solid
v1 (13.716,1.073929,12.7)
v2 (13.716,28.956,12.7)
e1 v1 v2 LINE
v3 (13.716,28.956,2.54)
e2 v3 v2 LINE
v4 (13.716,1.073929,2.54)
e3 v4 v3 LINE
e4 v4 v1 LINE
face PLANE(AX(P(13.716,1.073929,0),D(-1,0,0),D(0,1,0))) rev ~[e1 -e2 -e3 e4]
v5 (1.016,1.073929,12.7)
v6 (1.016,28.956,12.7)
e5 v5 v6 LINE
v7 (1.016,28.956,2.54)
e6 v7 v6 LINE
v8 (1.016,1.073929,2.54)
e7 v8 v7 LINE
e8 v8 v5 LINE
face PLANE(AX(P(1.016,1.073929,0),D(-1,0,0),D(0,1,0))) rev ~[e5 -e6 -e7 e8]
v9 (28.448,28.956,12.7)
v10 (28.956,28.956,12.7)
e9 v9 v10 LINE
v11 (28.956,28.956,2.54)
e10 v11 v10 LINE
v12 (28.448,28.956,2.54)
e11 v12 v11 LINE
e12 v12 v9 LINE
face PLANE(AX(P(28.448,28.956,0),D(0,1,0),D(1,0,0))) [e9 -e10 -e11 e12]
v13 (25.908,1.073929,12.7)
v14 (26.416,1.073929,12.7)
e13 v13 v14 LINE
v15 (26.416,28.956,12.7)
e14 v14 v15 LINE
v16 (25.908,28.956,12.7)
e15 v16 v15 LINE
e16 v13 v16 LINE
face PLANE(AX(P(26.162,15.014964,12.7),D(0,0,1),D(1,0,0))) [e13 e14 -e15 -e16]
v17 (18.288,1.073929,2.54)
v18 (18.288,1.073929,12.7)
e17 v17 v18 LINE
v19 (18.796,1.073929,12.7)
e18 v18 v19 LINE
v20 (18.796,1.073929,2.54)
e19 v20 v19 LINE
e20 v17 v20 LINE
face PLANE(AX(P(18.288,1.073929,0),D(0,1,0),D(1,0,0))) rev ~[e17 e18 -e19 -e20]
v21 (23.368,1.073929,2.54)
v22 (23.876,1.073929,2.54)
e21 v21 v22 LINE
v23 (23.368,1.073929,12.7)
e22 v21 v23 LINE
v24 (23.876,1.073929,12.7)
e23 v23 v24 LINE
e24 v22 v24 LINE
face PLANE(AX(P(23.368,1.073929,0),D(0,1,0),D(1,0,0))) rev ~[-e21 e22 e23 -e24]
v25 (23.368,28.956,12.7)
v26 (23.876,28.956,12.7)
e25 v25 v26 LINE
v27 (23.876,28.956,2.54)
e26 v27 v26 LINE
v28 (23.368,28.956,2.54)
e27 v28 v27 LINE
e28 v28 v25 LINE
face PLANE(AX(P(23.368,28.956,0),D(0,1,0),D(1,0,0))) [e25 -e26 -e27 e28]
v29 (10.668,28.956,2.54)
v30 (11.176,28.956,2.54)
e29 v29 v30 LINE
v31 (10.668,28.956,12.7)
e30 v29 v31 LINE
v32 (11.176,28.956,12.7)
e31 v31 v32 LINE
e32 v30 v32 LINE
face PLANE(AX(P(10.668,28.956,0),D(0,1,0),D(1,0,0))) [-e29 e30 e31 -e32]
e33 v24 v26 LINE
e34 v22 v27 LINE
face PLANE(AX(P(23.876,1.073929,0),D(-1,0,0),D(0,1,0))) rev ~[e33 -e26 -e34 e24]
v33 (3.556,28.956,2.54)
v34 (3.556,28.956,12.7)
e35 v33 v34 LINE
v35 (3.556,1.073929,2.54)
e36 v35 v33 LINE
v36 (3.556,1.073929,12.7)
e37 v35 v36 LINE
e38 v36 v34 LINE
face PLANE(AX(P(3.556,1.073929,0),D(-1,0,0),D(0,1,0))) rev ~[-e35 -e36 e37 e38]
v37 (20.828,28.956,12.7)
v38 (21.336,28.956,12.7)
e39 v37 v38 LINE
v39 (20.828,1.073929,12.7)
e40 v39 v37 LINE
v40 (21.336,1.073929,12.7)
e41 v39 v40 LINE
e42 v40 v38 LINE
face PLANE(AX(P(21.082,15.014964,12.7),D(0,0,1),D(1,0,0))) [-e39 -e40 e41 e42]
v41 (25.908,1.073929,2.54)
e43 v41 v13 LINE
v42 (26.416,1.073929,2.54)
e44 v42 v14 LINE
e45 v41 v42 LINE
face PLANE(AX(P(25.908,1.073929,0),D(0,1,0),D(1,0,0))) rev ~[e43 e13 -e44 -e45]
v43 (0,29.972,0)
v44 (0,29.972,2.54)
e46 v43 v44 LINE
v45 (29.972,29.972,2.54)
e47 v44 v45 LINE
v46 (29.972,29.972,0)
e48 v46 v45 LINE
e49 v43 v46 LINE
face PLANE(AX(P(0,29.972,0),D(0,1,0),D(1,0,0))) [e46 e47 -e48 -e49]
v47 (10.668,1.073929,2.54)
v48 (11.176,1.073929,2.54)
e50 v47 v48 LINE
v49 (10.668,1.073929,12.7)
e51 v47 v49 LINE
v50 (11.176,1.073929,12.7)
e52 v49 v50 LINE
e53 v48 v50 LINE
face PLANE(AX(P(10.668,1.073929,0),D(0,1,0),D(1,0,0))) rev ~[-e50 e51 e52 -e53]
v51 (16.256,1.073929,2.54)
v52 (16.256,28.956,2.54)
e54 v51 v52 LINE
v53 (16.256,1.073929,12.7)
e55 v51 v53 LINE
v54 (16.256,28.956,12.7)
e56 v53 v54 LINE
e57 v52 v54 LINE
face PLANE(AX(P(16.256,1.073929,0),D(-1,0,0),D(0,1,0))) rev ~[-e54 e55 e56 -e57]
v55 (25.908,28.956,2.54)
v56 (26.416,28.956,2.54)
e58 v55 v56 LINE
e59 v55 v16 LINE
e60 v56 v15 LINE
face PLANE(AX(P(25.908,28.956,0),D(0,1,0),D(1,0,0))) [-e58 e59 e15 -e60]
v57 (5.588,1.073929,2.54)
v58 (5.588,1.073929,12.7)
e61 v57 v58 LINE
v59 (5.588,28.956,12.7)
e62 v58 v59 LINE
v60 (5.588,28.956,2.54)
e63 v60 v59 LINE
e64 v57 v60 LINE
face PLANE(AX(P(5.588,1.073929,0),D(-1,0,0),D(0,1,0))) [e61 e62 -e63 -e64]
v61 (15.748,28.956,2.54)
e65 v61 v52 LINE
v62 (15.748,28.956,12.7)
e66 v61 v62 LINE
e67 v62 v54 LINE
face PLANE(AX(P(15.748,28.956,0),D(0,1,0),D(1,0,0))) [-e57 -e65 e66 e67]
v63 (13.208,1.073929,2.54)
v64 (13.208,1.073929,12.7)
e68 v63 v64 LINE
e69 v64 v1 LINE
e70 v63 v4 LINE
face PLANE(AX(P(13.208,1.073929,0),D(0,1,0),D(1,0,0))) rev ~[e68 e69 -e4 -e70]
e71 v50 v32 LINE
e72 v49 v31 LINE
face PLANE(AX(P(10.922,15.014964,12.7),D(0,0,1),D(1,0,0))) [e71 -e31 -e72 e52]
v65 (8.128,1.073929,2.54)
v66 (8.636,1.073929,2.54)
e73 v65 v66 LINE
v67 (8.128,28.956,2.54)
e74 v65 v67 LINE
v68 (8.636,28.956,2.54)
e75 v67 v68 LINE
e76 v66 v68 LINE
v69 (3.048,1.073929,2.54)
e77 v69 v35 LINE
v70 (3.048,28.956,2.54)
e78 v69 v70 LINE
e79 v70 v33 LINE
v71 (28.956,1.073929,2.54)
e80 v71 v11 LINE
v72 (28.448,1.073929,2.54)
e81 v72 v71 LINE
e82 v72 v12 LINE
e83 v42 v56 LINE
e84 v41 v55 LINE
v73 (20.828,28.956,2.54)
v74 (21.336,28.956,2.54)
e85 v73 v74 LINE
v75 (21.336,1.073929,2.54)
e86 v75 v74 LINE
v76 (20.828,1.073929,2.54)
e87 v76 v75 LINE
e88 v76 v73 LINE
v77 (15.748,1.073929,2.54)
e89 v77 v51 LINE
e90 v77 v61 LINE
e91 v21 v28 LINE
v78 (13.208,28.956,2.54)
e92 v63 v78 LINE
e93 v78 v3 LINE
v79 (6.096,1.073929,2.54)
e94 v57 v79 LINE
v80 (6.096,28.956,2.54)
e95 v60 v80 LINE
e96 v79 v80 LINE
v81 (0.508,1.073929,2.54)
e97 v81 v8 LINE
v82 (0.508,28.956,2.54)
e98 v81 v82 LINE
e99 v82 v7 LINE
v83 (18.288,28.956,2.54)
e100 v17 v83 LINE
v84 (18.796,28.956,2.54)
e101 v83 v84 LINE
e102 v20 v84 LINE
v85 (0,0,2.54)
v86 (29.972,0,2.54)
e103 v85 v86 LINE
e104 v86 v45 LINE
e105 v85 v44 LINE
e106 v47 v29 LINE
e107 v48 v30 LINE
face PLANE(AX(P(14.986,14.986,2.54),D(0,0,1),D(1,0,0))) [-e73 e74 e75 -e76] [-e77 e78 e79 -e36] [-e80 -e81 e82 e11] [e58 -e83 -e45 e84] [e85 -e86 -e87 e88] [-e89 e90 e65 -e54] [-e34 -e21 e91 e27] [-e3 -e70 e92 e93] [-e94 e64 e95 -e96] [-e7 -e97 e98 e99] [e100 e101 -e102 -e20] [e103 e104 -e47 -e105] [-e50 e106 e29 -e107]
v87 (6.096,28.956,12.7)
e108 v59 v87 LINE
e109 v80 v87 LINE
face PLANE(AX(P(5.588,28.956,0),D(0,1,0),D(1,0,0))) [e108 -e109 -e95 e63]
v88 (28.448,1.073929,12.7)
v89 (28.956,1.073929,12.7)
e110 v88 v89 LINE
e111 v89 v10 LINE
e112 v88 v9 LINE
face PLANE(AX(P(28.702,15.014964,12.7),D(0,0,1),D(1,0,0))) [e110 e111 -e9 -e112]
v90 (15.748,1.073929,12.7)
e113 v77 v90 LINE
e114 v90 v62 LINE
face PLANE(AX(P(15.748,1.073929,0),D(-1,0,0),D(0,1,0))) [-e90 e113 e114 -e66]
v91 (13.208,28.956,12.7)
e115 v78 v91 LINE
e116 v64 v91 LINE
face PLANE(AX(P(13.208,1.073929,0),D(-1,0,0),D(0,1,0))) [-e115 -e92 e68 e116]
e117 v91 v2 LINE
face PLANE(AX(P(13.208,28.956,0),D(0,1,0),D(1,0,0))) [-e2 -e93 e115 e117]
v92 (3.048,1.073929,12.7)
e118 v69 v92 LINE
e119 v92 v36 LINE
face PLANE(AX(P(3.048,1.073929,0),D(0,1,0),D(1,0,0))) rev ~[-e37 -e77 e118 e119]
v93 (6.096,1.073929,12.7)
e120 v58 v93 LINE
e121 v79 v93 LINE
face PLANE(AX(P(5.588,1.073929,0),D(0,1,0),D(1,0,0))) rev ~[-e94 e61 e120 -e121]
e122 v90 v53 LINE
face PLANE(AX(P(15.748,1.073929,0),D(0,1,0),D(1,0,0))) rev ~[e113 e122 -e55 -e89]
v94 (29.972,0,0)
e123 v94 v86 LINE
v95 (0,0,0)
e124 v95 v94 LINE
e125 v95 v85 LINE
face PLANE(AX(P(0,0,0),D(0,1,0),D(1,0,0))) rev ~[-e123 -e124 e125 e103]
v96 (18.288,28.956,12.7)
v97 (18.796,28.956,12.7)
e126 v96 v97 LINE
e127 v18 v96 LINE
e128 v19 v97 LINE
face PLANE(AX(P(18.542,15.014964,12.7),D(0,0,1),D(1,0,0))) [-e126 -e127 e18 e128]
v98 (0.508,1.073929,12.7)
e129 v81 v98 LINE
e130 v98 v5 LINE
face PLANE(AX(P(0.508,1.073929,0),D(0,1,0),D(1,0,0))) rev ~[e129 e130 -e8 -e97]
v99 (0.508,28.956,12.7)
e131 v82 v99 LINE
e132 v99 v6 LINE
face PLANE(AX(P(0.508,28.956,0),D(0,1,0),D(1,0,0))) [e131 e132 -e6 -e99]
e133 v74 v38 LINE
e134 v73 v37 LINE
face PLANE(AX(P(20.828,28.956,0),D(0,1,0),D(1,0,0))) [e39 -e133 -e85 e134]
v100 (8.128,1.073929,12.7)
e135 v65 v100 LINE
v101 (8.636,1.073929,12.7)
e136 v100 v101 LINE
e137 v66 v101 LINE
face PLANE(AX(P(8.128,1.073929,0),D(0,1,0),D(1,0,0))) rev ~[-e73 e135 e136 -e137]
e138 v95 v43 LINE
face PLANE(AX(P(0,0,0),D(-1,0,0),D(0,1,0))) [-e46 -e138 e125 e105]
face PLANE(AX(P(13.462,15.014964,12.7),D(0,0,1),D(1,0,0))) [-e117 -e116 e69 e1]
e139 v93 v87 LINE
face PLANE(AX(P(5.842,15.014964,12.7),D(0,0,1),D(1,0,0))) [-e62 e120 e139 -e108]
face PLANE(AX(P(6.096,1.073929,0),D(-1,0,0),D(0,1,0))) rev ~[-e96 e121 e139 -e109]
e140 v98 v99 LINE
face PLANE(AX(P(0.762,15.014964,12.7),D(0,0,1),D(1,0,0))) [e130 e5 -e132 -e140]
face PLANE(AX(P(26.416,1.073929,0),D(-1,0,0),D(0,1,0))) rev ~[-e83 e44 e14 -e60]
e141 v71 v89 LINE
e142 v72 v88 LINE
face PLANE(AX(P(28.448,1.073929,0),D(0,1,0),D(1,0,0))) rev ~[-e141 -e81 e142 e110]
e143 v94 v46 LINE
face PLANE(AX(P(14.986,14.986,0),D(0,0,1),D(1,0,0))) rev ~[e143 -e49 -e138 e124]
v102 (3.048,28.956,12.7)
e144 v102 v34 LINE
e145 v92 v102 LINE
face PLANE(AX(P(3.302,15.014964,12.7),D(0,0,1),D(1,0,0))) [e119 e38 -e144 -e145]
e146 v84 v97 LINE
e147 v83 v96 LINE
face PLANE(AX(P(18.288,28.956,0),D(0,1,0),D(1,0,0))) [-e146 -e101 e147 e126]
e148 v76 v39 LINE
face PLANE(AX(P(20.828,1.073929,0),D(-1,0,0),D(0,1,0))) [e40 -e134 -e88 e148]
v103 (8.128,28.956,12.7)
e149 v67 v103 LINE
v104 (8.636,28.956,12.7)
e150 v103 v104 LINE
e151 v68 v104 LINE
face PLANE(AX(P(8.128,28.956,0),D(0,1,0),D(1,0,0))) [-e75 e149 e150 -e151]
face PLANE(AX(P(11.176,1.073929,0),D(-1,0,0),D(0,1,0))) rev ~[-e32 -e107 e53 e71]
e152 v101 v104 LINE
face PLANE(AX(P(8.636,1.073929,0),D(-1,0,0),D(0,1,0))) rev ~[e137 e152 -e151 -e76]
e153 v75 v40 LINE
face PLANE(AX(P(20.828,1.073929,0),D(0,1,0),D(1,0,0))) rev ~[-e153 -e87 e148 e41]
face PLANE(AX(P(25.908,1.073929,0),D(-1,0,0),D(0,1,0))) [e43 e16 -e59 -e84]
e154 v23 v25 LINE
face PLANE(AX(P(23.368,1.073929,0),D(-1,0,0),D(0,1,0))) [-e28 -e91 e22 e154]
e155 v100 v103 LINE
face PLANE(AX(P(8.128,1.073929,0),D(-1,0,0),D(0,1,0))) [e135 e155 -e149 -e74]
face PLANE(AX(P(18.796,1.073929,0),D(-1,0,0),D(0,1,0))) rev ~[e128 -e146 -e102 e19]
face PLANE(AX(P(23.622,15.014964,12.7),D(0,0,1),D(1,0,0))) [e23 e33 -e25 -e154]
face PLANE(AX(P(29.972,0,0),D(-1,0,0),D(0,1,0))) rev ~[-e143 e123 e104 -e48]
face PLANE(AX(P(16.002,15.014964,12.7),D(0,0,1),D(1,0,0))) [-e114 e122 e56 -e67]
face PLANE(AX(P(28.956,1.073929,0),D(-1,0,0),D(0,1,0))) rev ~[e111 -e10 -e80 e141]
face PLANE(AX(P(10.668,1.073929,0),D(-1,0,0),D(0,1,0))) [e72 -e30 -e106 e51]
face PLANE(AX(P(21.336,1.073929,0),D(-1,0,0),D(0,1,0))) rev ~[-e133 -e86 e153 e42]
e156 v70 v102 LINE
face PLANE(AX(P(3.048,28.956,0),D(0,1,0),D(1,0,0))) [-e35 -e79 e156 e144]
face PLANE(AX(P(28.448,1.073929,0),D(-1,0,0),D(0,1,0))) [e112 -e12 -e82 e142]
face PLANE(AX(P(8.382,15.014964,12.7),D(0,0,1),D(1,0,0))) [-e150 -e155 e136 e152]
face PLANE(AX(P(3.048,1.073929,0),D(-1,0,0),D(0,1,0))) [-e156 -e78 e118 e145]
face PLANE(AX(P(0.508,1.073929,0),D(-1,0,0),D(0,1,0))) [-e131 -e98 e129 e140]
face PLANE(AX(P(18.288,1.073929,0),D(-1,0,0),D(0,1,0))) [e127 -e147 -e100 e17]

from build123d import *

# Parameters (mm, degrees)
F0_W     = 0.508
F0_H     = 27.8820712173
F1_DEPTH = 12.7
F0_W_2   = 29.972
F0_H_2   = 29.972
F2_DEPTH = 2.54


with BuildPart() as f1:
    # F0 (on Top) → F1 (new body)
    with BuildSketch(Plane.XY):
        with Locations((0.762, 15.0149643914)):
            Rectangle(F0_W, F0_H)
    extrude(amount=F1_DEPTH)



with BuildPart() as f1b:
    # F0 (on Top) → F1, piece 2 (new body)
    with BuildSketch(Plane.XY):
        with Locations((3.302, 15.0149643914)):
            Rectangle(F0_W, F0_H)
    extrude(amount=F1_DEPTH)


with BuildPart() as f1c:
    # F0 (on Top) → F1, piece 3 (new body)
    with BuildSketch(Plane.XY):
        with Locations((5.842, 15.0149643914)):
            Rectangle(F0_W, F0_H)
    extrude(amount=F1_DEPTH)


with BuildPart() as f1d:
    # F0 (on Top) → F1, piece 4 (new body)
    with BuildSketch(Plane.XY):
        with Locations((8.382, 15.0149643914)):
            Rectangle(F0_W, F0_H)
    extrude(amount=F1_DEPTH)


with BuildPart() as f1e:
    # F0 (on Top) → F1, piece 5 (new body)
    with BuildSketch(Plane.XY):
        with Locations((10.922, 15.0149643914)):
            Rectangle(F0_W, F0_H)
    extrude(amount=F1_DEPTH)


with BuildPart() as f1f:
    # F0 (on Top) → F1, piece 6 (new body)
    with BuildSketch(Plane.XY):
        with Locations((13.462, 15.0149643914)):
            Rectangle(F0_W, F0_H)
    extrude(amount=F1_DEPTH)


with BuildPart() as f1g:
    # F0 (on Top) → F1, piece 7 (new body)
    with BuildSketch(Plane.XY):
        with Locations((16.002, 15.0149643914)):
            Rectangle(F0_W, F0_H)
    extrude(amount=F1_DEPTH)


with BuildPart() as f1h:
    # F0 (on Top) → F1, piece 8 (new body)
    with BuildSketch(Plane.XY):
        with Locations((18.542, 15.0149643914)):
            Rectangle(F0_W, F0_H)
    extrude(amount=F1_DEPTH)


with BuildPart() as f1i:
    # F0 (on Top) → F1, piece 9 (new body)
    with BuildSketch(Plane.XY):
        with Locations((21.082, 15.0149643914)):
            Rectangle(F0_W, F0_H)
    extrude(amount=F1_DEPTH)


with BuildPart() as f1j:
    # F0 (on Top) → F1, piece 10 (new body)
    with BuildSketch(Plane.XY):
        with Locations((23.622, 15.0149643914)):
            Rectangle(F0_W, F0_H)
    extrude(amount=F1_DEPTH)


with BuildPart() as f1k:
    # F0 (on Top) → F1, piece 11 (new body)
    with BuildSketch(Plane.XY):
        with Locations((26.162, 15.0149643914)):
            Rectangle(F0_W, F0_H)
    extrude(amount=F1_DEPTH)


with BuildPart() as f1l:
    # F0 (on Top) → F1, piece 12 (new body)
    with BuildSketch(Plane.XY):
        with Locations((28.702, 15.0149643914)):
            Rectangle(F0_W, F0_H)
    extrude(amount=F1_DEPTH)


with BuildPart() as f1_1:
    add(f1.part)

    add(f1b.part)  # F2 merges F1b

    add(f1c.part)  # F2 merges F1c

    add(f1d.part)  # F2 merges F1d

    add(f1e.part)  # F2 merges F1e

    add(f1f.part)  # F2 merges F1f

    add(f1g.part)  # F2 merges F1g

    add(f1h.part)  # F2 merges F1h

    add(f1i.part)  # F2 merges F1i

    add(f1j.part)  # F2 merges F1j

    add(f1k.part)  # F2 merges F1k

    add(f1l.part)  # F2 merges F1l
    # F0 (on Top) → F2 (join)
    with BuildSketch(Plane.XY):
        with Locations((14.986, 14.986)):
            Rectangle(F0_W_2, F0_H_2)
        with Locations((0.762, 15.0149643914)):
            Rectangle(F0_W, F0_H, mode=Mode.SUBTRACT)
        with Locations((3.302, 15.0149643914)):
            Rectangle(F0_W, F0_H, mode=Mode.SUBTRACT)
        with Locations((5.842, 15.0149643914)):
            Rectangle(F0_W, F0_H, mode=Mode.SUBTRACT)
        with Locations((8.382, 15.0149643914)):
            Rectangle(F0_W, F0_H, mode=Mode.SUBTRACT)
        with Locations((10.922, 15.0149643914)):
            Rectangle(F0_W, F0_H, mode=Mode.SUBTRACT)
        with Locations((13.462, 15.0149643914)):
            Rectangle(F0_W, F0_H, mode=Mode.SUBTRACT)
        with Locations((16.002, 15.0149643914)):
            Rectangle(F0_W, F0_H, mode=Mode.SUBTRACT)
        with Locations((18.542, 15.0149643914)):
            Rectangle(F0_W, F0_H, mode=Mode.SUBTRACT)
        with Locations((21.082, 15.0149643914)):
            Rectangle(F0_W, F0_H, mode=Mode.SUBTRACT)
        with Locations((23.622, 15.0149643914)):
            Rectangle(F0_W, F0_H, mode=Mode.SUBTRACT)
        with Locations((26.162, 15.0149643914)):
            Rectangle(F0_W, F0_H, mode=Mode.SUBTRACT)
        with Locations((28.702, 15.0149643914)):
            Rectangle(F0_W, F0_H, mode=Mode.SUBTRACT)
    extrude(amount=F2_DEPTH)


solid = f1_1.part
